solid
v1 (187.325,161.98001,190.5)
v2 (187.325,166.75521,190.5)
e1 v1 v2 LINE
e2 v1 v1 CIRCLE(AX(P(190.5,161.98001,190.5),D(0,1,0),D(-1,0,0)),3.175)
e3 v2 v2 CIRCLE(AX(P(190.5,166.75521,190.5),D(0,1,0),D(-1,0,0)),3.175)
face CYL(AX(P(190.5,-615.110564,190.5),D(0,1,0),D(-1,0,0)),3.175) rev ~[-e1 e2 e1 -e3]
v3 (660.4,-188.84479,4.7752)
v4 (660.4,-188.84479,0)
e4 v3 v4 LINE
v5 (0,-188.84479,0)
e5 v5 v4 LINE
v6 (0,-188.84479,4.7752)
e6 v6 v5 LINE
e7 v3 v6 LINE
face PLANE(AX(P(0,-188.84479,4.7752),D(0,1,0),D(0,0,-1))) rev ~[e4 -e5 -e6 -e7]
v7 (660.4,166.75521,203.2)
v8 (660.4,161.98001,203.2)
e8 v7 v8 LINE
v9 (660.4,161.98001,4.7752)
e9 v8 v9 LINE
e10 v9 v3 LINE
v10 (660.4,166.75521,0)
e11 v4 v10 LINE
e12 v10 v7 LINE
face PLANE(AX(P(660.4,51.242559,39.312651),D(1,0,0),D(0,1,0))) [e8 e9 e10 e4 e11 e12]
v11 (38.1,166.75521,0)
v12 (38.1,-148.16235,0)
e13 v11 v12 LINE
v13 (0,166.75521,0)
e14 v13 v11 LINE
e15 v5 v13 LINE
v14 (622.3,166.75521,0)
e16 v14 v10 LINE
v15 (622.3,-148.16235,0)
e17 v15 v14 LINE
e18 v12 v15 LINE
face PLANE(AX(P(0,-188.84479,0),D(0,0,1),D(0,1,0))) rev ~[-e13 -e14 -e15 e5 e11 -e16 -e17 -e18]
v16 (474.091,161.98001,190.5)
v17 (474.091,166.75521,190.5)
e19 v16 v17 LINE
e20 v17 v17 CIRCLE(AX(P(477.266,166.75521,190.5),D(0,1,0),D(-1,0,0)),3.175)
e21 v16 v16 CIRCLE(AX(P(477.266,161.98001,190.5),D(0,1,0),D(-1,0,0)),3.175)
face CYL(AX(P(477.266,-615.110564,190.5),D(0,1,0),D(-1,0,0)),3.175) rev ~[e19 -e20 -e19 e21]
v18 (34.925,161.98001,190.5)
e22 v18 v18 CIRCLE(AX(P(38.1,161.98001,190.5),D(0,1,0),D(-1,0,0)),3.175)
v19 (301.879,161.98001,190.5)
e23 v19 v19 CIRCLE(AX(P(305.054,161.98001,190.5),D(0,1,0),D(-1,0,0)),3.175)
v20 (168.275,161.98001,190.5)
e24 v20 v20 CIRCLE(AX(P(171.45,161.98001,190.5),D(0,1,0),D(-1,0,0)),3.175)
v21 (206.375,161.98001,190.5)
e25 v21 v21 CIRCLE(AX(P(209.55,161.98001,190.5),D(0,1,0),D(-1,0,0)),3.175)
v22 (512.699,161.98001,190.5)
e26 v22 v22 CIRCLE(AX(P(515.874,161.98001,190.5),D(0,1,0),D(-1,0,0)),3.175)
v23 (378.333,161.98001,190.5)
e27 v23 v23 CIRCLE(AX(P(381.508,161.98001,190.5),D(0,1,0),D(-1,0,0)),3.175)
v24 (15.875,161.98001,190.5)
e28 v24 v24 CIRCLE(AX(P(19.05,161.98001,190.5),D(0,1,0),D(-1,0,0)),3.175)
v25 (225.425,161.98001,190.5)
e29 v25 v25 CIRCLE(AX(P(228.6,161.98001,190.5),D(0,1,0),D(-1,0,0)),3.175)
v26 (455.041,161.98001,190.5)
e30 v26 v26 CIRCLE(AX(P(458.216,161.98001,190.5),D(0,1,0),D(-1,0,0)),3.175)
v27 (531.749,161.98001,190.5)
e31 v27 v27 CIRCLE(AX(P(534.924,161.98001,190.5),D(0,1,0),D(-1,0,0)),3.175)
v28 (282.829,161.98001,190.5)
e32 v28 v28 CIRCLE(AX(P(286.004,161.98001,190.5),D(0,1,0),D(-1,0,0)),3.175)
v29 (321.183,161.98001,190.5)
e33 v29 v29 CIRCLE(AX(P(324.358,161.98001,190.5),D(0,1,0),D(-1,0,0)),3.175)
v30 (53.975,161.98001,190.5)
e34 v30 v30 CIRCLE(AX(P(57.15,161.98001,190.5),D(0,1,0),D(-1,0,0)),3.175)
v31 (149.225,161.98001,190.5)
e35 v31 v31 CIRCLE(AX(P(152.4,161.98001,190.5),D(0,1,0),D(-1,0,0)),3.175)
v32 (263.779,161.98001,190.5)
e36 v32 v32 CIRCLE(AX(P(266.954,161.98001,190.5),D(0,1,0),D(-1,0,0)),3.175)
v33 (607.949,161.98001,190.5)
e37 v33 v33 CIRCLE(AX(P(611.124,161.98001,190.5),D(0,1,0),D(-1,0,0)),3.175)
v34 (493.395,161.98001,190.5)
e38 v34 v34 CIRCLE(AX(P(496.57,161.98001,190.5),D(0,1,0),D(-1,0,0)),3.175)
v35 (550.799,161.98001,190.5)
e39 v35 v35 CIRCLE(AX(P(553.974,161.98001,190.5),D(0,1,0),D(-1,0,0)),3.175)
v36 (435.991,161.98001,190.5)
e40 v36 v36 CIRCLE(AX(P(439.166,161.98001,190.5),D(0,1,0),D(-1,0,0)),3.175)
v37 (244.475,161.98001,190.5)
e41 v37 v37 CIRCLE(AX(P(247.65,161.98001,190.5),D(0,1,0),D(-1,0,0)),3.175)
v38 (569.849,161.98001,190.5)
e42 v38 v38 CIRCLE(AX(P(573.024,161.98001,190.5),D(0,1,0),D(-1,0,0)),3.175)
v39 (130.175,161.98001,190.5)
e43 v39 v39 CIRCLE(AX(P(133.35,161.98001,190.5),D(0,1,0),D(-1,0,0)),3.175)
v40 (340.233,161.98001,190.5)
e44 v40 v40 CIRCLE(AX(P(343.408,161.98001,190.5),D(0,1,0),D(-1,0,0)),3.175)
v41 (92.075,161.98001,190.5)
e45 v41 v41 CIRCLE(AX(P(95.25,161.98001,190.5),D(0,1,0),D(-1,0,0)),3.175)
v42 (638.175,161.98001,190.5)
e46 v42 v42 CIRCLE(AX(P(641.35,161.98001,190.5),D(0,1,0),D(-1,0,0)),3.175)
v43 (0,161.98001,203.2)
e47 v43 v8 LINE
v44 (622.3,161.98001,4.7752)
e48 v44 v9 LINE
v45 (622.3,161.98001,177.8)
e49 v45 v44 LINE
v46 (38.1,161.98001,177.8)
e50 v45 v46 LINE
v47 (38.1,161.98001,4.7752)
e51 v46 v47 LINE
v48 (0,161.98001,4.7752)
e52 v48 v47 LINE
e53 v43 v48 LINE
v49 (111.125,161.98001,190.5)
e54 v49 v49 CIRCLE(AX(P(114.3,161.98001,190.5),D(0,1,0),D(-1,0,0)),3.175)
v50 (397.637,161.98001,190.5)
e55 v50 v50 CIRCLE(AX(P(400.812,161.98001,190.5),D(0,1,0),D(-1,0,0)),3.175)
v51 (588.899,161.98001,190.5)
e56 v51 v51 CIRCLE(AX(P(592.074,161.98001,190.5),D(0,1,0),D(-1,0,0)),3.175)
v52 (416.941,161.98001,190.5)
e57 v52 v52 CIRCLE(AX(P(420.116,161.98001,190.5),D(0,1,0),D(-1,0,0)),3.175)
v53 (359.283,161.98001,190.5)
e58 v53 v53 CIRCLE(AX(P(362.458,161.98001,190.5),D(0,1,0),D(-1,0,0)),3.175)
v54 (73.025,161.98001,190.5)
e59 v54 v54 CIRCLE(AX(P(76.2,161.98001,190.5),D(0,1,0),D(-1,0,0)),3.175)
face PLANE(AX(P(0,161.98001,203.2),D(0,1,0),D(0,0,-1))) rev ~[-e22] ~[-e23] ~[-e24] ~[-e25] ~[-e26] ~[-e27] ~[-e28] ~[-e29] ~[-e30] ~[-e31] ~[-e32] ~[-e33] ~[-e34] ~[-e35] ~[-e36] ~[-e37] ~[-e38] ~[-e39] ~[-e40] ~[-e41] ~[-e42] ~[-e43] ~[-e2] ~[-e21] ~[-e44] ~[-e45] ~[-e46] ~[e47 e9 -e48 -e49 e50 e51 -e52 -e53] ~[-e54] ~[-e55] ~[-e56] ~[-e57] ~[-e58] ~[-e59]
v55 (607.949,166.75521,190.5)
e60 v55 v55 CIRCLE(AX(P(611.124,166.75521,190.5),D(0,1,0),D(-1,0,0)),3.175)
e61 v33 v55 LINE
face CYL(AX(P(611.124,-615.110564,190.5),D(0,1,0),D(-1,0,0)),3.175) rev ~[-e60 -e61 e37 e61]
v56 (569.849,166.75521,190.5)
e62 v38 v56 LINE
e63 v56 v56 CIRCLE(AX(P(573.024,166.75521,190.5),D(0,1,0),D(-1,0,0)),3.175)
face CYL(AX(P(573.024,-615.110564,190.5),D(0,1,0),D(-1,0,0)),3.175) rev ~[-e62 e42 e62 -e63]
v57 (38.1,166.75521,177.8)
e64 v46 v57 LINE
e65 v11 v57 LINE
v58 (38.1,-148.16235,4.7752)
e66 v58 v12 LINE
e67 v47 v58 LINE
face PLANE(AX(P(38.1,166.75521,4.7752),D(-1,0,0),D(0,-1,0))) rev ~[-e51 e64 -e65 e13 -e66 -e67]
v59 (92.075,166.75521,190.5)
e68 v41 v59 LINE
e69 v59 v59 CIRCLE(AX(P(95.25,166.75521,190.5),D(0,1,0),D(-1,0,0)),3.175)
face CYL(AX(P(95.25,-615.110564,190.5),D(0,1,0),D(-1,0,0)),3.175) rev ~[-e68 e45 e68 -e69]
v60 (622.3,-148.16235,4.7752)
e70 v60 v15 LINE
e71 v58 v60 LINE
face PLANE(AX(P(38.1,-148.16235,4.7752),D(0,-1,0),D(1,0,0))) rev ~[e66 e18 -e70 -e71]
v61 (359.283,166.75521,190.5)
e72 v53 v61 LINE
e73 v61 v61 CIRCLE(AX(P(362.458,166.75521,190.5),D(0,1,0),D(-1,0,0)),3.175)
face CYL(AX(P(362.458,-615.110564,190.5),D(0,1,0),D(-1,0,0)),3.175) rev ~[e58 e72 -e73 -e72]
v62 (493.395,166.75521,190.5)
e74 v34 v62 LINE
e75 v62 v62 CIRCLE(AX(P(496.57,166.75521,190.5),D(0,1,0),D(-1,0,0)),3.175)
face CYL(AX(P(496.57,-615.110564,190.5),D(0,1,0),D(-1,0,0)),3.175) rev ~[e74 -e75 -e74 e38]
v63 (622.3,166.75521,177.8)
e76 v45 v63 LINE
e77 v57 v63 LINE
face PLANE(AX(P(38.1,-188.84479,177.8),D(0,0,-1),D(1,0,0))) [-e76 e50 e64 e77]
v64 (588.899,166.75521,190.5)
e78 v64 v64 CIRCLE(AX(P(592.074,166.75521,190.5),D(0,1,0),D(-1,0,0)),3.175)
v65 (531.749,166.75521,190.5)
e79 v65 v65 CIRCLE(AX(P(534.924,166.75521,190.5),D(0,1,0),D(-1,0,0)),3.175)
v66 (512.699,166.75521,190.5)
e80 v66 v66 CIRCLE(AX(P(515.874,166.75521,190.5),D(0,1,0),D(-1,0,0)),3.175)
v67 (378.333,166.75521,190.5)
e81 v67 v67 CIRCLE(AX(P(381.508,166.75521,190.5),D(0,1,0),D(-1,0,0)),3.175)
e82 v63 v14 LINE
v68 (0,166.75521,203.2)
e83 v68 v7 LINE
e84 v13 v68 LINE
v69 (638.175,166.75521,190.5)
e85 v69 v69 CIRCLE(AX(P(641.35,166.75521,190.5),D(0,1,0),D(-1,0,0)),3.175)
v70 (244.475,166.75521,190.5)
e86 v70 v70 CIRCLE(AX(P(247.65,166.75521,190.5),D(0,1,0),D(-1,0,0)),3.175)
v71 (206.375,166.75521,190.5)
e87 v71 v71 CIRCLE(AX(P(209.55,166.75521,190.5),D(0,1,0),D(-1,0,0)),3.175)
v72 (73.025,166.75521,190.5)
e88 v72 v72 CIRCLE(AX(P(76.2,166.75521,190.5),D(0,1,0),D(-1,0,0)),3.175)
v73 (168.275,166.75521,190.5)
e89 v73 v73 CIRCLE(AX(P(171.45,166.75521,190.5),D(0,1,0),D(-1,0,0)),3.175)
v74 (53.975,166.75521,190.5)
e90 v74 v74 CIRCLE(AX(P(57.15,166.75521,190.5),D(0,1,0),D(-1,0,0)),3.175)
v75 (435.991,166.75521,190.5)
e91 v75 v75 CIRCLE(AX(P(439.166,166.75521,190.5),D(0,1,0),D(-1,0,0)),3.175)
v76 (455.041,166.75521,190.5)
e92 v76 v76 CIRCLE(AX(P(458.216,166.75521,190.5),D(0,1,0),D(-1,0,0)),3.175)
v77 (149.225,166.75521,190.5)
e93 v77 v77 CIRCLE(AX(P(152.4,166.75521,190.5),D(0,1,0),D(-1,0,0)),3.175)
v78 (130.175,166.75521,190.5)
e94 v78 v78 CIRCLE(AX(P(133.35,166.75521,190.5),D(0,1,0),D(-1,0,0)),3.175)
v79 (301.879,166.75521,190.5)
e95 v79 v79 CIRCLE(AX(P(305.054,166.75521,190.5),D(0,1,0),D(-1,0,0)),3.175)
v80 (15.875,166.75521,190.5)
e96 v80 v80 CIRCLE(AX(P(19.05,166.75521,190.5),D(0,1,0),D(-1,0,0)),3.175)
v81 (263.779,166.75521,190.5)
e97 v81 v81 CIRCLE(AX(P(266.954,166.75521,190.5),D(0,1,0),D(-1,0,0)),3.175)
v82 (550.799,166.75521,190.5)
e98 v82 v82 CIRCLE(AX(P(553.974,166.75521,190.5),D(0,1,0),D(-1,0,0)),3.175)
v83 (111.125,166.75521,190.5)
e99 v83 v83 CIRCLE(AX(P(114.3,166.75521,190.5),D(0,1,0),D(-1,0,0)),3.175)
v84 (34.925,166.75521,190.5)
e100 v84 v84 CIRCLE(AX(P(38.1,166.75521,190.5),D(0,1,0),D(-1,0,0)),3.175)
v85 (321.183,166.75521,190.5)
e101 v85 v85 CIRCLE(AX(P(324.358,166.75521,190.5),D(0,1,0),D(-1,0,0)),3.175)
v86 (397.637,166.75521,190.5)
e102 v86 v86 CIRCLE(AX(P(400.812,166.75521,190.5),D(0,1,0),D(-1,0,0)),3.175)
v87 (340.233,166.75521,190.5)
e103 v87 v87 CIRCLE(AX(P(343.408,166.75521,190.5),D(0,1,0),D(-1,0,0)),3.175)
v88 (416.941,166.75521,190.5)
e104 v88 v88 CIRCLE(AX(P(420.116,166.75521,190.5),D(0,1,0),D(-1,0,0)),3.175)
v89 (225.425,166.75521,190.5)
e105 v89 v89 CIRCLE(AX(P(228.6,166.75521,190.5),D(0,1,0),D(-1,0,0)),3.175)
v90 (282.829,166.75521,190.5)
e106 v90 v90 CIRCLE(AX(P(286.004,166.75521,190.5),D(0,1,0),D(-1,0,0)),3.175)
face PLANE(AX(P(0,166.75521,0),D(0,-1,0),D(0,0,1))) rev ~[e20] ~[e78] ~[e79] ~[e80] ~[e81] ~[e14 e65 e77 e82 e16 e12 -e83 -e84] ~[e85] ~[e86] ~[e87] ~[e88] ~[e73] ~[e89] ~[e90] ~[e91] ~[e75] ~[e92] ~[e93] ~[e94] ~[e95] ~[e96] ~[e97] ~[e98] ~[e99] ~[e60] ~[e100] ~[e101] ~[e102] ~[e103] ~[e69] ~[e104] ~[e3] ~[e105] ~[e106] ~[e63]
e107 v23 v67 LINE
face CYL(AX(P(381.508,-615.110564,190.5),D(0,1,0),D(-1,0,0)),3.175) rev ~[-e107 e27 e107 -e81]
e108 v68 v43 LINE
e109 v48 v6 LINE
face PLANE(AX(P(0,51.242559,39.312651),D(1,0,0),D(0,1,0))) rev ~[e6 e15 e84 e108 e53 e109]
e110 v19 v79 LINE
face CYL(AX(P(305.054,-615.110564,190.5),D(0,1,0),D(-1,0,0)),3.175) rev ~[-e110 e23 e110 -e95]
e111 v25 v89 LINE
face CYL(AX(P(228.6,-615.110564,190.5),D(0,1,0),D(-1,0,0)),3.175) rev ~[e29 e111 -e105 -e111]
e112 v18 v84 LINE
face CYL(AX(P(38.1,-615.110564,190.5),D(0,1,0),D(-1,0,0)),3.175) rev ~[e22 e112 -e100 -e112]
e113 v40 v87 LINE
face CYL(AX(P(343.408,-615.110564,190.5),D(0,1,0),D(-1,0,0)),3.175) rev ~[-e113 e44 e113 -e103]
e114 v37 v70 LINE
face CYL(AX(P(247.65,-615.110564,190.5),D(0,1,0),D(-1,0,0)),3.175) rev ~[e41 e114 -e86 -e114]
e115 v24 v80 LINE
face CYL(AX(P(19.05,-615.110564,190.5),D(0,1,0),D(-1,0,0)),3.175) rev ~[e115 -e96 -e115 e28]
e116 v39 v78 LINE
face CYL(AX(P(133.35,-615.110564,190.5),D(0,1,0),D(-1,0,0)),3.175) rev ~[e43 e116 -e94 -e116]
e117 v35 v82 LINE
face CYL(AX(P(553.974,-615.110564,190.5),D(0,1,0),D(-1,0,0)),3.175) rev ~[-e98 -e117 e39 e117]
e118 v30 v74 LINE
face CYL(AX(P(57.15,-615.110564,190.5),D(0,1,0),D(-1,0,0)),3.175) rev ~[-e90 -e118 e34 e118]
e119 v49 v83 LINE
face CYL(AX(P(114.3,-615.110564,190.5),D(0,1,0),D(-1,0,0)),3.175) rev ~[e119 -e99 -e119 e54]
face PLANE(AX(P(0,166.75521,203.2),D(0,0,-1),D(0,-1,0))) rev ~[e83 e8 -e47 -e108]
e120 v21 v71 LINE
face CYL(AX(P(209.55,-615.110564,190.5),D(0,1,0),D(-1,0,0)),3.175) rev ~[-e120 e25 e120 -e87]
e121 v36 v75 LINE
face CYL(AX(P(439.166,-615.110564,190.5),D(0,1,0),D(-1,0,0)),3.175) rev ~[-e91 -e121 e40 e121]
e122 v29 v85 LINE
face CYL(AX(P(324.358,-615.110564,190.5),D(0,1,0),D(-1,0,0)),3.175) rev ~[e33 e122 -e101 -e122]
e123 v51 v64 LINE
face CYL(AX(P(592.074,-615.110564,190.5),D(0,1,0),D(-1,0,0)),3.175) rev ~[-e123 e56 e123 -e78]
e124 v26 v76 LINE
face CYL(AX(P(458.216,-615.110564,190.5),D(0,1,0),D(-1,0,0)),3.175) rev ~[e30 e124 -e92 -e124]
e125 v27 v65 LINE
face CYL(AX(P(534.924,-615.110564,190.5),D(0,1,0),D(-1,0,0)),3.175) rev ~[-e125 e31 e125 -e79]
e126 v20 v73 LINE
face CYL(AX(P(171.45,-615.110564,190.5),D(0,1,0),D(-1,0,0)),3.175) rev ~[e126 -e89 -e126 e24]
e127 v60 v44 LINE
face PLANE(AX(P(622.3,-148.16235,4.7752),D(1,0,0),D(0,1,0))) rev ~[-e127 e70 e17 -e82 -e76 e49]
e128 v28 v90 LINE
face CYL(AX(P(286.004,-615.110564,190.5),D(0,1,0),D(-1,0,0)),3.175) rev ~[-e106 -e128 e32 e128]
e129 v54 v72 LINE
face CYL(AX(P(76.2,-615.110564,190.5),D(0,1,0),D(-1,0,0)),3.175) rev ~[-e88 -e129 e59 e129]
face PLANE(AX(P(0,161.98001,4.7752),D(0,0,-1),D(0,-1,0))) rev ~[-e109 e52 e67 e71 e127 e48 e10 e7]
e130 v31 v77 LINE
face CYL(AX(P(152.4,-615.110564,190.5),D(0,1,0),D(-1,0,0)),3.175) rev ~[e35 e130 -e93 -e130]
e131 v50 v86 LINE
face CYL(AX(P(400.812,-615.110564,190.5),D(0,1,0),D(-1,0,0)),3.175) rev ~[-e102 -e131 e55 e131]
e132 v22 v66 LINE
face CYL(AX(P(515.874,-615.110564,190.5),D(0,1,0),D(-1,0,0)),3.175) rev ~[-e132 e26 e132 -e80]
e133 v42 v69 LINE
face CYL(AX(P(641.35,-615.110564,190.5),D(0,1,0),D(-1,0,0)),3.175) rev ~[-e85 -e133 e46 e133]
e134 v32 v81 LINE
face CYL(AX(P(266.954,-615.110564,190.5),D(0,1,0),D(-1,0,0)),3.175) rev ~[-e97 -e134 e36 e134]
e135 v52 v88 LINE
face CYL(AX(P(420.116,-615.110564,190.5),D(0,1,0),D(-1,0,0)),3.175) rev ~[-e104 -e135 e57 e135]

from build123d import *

# Parameters (mm, degrees)
F1_DEPTH = 660.4
F2_W     = 584.2
F2_H     = 173.0248
F3_DEPTH = 355.601
F5_DEPTH = 25.4
F7_D     = 6.35


with BuildPart() as f1:
    # F0 (on Right) → F1 (new body)
    with BuildSketch(Plane.YZ):
        Polygon((-188.84479, 4.7752), (-188.84479, 0), (166.75521, 0), (166.75521, 203.2), (161.98001, 203.2), (161.98001, 4.7752), align=None)
    extrude(amount=F1_DEPTH)

    # F2 (on face) → F3 (cut, through all)
    with BuildSketch(Plane.XZ.offset(188.84479)):
        with Locations((330.2, 91.2876)):
            Rectangle(F2_W, F2_H)
    extrude(amount=-F3_DEPTH, mode=Mode.SUBTRACT)

    # F4 (on face) → F5 (cut)
    with BuildSketch(Plane.XY.offset(4.7752)):
        Polygon((622.3, 166.75521), (38.1, 166.75521), (38.1, 161.98001), (38.1, -148.16235), (622.3, -148.16235), align=None)
    extrude(amount=-F5_DEPTH, mode=Mode.SUBTRACT)

    # F7 (through all)
    with Locations(Plane.XZ.offset(-161.98001)):
        with Locations((19.05, 190.5), (38.1, 190.5), (57.15, 190.5), (76.2, 190.5), (95.25, 190.5), (114.3, 190.5), (133.35, 190.5), (152.4, 190.5), (171.45, 190.5), (190.5, 190.5), (209.55, 190.5), (228.6, 190.5), (247.65, 190.5), (266.954, 190.5), (286.004, 190.5), (305.054, 190.5), (324.358, 190.5), (343.408, 190.5), (362.458, 190.5), (381.508, 190.5), (400.812, 190.5), (420.116, 190.5), (439.166, 190.5), (458.216, 190.5), (477.266, 190.5), (496.57, 190.5), (515.874, 190.5), (534.924, 190.5), (553.974, 190.5), (573.024, 190.5), (611.124, 190.5), (592.074, 190.5), (641.35, 190.5)):
            Hole(F7_D / 2)


solid = f1.part
